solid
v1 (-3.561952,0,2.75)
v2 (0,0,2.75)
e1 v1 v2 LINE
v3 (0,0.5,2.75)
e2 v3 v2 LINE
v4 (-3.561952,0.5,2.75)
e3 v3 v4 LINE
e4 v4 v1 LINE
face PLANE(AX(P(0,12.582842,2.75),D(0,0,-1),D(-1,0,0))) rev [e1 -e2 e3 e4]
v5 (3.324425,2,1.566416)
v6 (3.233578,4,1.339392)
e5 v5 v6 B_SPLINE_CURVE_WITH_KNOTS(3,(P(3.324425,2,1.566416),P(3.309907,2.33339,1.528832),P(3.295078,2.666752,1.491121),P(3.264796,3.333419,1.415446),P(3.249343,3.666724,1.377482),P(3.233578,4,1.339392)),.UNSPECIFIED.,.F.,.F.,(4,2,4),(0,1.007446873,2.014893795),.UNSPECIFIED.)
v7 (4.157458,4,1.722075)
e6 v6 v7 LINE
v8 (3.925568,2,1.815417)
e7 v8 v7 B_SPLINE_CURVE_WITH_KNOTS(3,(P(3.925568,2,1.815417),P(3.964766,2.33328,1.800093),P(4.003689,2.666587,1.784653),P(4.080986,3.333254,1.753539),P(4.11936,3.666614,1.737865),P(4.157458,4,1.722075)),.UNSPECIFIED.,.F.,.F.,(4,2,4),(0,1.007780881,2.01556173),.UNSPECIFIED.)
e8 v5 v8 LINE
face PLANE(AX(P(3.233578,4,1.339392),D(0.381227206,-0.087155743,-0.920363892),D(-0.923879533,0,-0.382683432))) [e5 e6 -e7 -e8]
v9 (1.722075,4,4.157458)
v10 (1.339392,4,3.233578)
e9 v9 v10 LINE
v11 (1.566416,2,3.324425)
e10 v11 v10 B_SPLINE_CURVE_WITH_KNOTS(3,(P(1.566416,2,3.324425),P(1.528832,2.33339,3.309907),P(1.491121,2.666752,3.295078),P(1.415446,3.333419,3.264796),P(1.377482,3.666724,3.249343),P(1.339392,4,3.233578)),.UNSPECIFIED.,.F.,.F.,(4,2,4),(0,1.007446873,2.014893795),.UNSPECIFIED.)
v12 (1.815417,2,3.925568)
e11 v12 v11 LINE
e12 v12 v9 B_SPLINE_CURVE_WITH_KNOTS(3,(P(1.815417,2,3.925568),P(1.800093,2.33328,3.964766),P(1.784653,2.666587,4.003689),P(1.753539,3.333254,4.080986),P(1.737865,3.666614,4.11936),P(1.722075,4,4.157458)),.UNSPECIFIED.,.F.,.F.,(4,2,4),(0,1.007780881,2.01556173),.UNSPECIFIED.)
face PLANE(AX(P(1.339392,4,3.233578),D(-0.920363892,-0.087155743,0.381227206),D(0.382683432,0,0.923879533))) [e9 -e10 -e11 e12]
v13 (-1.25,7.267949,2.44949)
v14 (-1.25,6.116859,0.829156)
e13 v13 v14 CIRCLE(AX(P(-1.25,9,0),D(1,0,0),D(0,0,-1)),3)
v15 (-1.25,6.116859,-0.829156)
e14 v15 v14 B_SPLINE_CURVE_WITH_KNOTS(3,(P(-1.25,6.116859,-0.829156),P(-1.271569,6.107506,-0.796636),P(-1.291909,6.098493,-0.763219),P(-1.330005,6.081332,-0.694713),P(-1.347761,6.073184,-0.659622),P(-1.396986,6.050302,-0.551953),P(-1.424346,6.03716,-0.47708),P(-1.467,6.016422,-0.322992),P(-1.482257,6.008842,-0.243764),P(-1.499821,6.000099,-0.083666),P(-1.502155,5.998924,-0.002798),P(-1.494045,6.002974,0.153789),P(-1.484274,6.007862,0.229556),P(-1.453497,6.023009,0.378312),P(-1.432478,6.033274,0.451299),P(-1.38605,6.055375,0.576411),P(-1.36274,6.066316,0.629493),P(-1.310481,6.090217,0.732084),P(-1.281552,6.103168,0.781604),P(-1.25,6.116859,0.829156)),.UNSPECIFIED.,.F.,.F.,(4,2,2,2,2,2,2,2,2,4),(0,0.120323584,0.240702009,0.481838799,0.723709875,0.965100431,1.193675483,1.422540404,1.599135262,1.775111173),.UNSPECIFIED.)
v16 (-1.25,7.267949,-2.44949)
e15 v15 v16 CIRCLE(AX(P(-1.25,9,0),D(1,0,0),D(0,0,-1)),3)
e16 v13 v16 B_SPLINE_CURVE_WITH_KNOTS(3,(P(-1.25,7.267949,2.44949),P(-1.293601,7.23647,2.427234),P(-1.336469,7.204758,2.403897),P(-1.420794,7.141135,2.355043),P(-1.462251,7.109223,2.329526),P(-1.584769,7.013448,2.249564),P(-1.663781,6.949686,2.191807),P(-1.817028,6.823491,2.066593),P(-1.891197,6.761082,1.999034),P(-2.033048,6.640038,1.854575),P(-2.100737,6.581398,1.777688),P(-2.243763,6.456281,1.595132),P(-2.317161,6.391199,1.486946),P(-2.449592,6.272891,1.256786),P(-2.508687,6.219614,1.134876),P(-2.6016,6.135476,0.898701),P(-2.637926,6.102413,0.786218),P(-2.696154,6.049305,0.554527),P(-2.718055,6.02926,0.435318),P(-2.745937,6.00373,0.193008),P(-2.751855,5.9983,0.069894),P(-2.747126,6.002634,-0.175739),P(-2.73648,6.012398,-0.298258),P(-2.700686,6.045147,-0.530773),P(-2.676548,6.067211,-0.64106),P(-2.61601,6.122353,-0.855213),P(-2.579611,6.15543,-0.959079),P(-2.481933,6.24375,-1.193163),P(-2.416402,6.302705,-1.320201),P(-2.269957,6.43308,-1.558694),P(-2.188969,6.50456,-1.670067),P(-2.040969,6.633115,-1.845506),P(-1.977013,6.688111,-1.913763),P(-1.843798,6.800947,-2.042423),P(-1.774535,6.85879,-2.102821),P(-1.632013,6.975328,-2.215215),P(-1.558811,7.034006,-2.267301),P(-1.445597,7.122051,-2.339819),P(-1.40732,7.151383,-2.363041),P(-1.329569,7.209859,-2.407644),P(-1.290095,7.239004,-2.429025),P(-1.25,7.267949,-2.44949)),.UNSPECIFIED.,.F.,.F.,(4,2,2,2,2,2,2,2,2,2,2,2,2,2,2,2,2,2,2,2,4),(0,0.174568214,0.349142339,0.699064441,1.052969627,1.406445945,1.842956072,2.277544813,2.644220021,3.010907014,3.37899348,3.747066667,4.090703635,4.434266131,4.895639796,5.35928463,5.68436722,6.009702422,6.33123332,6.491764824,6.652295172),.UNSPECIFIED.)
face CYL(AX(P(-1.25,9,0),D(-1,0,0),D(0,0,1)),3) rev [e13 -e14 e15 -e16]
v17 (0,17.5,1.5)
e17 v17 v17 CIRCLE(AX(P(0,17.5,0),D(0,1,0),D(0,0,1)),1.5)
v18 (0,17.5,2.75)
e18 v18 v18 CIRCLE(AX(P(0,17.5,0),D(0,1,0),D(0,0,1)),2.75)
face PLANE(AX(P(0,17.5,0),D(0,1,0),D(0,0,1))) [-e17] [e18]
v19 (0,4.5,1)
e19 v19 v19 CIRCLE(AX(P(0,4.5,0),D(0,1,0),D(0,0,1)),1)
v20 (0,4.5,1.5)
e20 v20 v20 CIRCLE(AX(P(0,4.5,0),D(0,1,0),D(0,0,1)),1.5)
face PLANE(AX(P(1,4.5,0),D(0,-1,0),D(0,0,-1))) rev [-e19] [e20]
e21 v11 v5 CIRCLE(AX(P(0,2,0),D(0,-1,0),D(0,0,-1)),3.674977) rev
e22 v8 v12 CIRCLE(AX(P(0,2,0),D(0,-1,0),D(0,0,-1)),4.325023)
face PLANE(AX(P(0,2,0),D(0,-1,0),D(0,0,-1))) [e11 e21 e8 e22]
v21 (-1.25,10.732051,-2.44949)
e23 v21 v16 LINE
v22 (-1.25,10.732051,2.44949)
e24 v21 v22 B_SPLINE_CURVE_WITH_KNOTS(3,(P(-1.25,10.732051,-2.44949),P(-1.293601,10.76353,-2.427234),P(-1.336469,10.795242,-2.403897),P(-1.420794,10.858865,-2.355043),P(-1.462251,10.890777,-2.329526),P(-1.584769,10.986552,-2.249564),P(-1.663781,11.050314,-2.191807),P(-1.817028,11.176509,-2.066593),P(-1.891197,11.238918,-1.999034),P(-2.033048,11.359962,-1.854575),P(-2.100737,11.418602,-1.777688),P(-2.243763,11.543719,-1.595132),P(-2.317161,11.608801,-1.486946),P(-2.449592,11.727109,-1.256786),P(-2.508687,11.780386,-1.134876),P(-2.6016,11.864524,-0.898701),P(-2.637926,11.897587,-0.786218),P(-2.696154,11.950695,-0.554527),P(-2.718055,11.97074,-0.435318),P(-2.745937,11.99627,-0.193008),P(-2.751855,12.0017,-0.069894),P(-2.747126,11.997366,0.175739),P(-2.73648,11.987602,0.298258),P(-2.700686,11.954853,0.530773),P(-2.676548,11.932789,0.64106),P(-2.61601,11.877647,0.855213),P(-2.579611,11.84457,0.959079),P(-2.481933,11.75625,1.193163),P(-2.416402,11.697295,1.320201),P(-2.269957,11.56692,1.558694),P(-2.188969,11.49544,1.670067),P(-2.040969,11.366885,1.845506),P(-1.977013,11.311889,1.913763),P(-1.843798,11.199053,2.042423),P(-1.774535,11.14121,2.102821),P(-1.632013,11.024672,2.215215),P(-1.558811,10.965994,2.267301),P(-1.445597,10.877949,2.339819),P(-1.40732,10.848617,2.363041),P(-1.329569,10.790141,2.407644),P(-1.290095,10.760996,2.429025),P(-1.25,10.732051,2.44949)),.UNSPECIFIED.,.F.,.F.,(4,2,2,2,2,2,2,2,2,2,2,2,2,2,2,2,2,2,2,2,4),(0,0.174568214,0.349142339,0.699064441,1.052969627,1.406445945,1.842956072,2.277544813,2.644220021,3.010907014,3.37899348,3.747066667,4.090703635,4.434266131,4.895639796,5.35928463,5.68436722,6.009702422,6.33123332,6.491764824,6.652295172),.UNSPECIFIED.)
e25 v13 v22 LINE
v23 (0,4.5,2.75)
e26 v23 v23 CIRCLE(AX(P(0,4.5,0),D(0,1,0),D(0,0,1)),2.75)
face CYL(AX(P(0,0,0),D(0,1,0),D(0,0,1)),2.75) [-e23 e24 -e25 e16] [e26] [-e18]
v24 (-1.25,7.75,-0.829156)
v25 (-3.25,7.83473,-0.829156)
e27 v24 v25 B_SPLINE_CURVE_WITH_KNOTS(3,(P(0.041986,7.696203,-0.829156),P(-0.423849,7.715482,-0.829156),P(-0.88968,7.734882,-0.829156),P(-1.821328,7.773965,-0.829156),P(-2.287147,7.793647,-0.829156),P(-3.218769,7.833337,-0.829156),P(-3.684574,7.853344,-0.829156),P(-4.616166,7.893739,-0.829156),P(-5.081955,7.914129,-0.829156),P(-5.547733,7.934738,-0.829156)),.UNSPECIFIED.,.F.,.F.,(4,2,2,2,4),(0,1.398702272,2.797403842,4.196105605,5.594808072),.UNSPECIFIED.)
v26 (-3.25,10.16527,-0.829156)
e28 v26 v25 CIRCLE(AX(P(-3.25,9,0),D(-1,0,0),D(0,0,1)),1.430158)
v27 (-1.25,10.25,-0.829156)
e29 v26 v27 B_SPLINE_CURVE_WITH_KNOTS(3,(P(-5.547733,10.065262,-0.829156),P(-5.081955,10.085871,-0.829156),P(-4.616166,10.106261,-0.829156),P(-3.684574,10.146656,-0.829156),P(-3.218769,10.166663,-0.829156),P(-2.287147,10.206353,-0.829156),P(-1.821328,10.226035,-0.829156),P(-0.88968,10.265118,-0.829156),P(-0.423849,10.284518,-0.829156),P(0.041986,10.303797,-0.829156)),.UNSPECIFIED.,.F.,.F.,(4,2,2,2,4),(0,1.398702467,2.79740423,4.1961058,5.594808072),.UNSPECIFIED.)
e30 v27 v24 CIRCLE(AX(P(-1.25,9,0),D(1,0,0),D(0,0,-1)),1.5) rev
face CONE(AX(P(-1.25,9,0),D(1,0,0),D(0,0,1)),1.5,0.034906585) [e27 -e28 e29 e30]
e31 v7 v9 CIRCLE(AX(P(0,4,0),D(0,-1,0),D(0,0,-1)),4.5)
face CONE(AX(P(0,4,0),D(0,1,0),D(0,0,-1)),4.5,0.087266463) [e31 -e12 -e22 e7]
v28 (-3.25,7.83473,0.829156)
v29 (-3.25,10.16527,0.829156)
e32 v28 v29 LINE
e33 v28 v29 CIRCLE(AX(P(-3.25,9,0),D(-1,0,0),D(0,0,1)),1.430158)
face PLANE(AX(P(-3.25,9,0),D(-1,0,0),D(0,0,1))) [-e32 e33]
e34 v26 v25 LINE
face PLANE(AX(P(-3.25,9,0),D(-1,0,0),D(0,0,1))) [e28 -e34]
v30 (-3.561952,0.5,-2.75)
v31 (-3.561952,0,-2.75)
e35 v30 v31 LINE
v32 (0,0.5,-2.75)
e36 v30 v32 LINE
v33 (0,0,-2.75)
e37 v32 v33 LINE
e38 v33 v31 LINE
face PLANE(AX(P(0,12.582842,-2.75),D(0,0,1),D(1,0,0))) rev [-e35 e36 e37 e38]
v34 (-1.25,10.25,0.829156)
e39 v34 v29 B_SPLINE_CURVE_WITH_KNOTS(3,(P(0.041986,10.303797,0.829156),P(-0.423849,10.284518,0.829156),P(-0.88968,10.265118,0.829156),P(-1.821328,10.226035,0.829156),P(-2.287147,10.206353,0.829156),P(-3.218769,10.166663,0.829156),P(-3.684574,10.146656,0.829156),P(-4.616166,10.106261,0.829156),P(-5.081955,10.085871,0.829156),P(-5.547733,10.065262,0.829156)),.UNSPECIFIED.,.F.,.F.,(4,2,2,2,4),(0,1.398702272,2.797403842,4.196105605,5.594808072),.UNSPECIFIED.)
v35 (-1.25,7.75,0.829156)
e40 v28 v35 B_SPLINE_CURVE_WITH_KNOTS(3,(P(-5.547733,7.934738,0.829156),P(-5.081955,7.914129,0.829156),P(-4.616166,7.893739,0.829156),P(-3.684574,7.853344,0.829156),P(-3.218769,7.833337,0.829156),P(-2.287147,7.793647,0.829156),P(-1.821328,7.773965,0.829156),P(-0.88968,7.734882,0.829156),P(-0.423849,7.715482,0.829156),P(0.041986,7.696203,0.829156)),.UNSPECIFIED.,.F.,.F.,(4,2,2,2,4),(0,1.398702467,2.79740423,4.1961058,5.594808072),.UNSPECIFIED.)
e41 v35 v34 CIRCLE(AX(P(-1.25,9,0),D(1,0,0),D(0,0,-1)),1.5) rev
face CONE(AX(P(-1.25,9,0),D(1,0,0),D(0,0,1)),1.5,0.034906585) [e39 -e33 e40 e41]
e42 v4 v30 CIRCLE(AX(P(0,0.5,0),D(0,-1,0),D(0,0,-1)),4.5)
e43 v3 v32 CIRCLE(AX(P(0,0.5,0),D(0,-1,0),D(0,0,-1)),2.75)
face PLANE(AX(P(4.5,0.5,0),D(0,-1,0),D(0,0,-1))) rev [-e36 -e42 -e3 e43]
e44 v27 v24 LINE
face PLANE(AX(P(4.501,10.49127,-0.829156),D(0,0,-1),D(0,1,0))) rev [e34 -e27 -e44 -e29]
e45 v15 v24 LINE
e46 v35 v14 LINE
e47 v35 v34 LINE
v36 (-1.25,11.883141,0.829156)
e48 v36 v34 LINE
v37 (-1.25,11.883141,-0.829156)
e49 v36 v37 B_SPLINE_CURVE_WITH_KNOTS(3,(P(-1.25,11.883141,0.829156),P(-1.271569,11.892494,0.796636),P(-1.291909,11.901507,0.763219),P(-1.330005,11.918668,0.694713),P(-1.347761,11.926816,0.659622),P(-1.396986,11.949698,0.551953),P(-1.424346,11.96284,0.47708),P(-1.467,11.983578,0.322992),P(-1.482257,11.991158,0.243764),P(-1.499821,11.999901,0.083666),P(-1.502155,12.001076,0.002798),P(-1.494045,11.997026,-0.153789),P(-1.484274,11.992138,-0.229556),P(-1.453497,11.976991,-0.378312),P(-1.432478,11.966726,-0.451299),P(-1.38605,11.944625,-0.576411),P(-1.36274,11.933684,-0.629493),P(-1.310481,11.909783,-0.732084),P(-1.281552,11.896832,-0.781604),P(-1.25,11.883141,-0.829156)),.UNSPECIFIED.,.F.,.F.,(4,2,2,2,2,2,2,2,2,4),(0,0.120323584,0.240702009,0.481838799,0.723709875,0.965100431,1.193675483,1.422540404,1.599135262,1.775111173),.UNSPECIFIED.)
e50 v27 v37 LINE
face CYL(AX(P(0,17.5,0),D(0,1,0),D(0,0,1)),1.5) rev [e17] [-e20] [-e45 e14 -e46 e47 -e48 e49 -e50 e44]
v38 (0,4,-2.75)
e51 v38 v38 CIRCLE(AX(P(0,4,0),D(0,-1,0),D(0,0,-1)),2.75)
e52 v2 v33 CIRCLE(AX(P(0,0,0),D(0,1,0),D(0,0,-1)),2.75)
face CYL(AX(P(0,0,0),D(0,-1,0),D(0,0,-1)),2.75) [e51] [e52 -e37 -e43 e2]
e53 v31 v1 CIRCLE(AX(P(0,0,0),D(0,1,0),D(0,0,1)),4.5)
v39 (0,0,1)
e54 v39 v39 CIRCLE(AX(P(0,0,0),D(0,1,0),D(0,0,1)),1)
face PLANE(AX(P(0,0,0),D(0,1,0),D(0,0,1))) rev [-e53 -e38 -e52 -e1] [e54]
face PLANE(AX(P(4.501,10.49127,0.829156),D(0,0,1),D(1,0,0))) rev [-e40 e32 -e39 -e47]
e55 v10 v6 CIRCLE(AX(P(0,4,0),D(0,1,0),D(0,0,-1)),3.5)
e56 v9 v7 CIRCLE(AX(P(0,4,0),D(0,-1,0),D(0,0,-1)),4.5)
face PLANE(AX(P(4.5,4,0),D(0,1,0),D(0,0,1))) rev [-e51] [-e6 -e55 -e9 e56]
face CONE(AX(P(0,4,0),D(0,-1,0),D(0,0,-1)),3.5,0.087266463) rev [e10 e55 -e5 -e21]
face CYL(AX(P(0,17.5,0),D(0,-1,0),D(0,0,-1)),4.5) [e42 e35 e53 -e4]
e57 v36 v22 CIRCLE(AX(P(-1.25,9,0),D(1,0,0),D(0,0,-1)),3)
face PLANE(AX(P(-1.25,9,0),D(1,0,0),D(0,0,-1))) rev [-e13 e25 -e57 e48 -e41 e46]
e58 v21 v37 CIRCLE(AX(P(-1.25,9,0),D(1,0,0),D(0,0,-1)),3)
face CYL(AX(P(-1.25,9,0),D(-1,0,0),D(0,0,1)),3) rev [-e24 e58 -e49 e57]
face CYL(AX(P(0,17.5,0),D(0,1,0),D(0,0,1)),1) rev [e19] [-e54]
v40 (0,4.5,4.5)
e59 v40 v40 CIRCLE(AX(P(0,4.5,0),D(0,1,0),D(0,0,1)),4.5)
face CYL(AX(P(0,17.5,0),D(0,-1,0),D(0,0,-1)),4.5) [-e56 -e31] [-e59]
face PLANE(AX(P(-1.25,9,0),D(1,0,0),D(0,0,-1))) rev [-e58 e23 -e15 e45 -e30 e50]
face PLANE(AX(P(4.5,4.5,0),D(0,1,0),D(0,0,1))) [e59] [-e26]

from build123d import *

# Parameters (mm, degrees)
SKETCH_1_R                = 4.5
EXTRUDE_1_DEPTH           = 17.5
SKETCH_2_W                = 1.75
SKETCH_2_H                = 13
SKETCH_3_W                = 1.75
SKETCH_3_H                = 3.5
CUT_EXTRUDE_1_DEPTH       = 0.5
EXTRUDE_2_DEPTH           = 2
EXTRUDE_2_DRAFT           = 5
SKETCH_7_R                = 3
CUT_EXTRUDE_2_DEPTH       = 1.5
SKETCH_8_R                = 1.5
EXTRUDE_3_DEPTH           = 2
EXTRUDE_3_TAPER           = 2
HOLE_WIZARD_1_D           = 2
HOLE_WIZARD_1_CBORE_D     = 3
HOLE_WIZARD_1_CBORE_DEPTH = 13
CUT_EXTRUDE_4_REACH       = 9.75
SKETCH_16_W               = 1.658312396
SKETCH_16_H               = 2.982539584


with BuildPart() as part:
    # 草图1 → 凸台-拉伸1 (new body)
    with BuildSketch(Plane(origin=(0, 0, 0), x_dir=(1, 0, 0), z_dir=(0, 1, 0))):
        Circle(SKETCH_1_R)
    extrude(amount=EXTRUDE_1_DEPTH)

    # 草图2 → 切除-旋转1 (revolve, cut)
    with BuildSketch(Plane.XY):
        with Locations((3.625, 11)):
            Rectangle(SKETCH_2_W, SKETCH_2_H)
    revolve(axis=Axis((0, 0, 0), (0, -1, 0)), mode=Mode.SUBTRACT)

    # 草图3 → 切除-旋转2 (revolve, cut)
    with BuildSketch(Plane.XY):
        with Locations((3.625, 2.25)):
            Rectangle(SKETCH_3_W, SKETCH_3_H)
    revolve(axis=Axis((0, 0, 0), (0, 1, 0)), mode=Mode.SUBTRACT)

    # 草图4 → 切除-拉伸1 (cut)
    with BuildSketch(Plane.XZ):
        with BuildLine():
            Line((0, 2.75), (-3.561951712, 2.75))
            ThreePointArc((-3.561951712, 2.75), (4.5, 0), (-3.561951712, -2.75))
            Line((-3.561951712, -2.75), (0, -2.75))
            ThreePointArc((0, -2.75), (2.75, 0), (0, 2.75))
        make_face()
    extrude(amount=-CUT_EXTRUDE_1_DEPTH, mode=Mode.SUBTRACT)


with BuildPart() as extrude_2_tool:
    # 草图6 → 凸台-拉伸2 (with draft: the straight prism first)
    with BuildSketch(Plane.XZ.offset(-4)):
        with BuildLine():
            ThreePointArc((1.339392013, 3.233578364), (2.474873734, 2.474873734), (3.233578364, 1.339392013))
            Line((3.233578364, 1.339392013), (4.157457896, 1.722075446))
            ThreePointArc((4.157457896, 1.722075446), (3.181980515, 3.181980515), (1.722075446, 4.157457896))
            Line((1.722075446, 4.157457896), (1.339392013, 3.233578364))
        make_face()
    extrude(amount=EXTRUDE_2_DEPTH)
    # 凸台-拉伸2: the draft: its side faces are tilted about the plane it starts from
    extrude_2_sides = [extrude_2_tool.faces().sort_by_distance(p)[0] for p in [
        (3.181980515, 3, 3.181980515),
        (1.530733729, 3, 3.69551813),
        (2.474873734, 3, 2.474873734),
        (3.69551813, 3, 1.530733729),
    ]]
    draft(extrude_2_sides, Plane.XZ.offset(-4), EXTRUDE_2_DRAFT)


with BuildPart() as part_1:
    add(part.part)

    # 凸台-拉伸2: add extrude_2_tool
    add(extrude_2_tool.part)

    # 草图7 → 切除-拉伸2 (cut)
    with BuildSketch(Plane(origin=(-2.75, 0, 0), x_dir=(0, 0, -1), z_dir=(1, 0, 0))):
        with Locations((0, 9)):
            Circle(SKETCH_7_R)
    extrude(amount=CUT_EXTRUDE_2_DEPTH, mode=Mode.SUBTRACT)

    # 草图8 → 凸台-拉伸3 (add)
    with BuildSketch(Plane.ZY.offset(1.25)):
        with Locations((0, 9)):
            Circle(SKETCH_8_R)
    extrude(amount=EXTRUDE_3_DEPTH, taper=EXTRUDE_3_TAPER)

    # 孔1 (through all)
    with Locations(Plane(origin=(0, 17.5, 0), x_dir=(1, 0, 0), z_dir=(0, 1, 0))):
        with Locations((0, 0)):
            CounterBoreHole(HOLE_WIZARD_1_D / 2, HOLE_WIZARD_1_CBORE_D / 2, HOLE_WIZARD_1_CBORE_DEPTH)

    # 草图16 → 切除-拉伸4 (cut, up to next)
    with BuildSketch(Plane.ZY.offset(3.25), mode=Mode.PRIVATE) as cut_extrude_4_sk1:
        with Locations((0, 9)):
            Rectangle(SKETCH_16_W, SKETCH_16_H)
    cut_extrude_4_tool1 = extrude(cut_extrude_4_sk1.sketch, amount=-CUT_EXTRUDE_4_REACH, mode=Mode.PRIVATE) & part_1.part
    add(cut_extrude_4_tool1.solids().sort_by_distance((-3.25, 9, 0))[0], mode=Mode.SUBTRACT)


solid = part_1.part
